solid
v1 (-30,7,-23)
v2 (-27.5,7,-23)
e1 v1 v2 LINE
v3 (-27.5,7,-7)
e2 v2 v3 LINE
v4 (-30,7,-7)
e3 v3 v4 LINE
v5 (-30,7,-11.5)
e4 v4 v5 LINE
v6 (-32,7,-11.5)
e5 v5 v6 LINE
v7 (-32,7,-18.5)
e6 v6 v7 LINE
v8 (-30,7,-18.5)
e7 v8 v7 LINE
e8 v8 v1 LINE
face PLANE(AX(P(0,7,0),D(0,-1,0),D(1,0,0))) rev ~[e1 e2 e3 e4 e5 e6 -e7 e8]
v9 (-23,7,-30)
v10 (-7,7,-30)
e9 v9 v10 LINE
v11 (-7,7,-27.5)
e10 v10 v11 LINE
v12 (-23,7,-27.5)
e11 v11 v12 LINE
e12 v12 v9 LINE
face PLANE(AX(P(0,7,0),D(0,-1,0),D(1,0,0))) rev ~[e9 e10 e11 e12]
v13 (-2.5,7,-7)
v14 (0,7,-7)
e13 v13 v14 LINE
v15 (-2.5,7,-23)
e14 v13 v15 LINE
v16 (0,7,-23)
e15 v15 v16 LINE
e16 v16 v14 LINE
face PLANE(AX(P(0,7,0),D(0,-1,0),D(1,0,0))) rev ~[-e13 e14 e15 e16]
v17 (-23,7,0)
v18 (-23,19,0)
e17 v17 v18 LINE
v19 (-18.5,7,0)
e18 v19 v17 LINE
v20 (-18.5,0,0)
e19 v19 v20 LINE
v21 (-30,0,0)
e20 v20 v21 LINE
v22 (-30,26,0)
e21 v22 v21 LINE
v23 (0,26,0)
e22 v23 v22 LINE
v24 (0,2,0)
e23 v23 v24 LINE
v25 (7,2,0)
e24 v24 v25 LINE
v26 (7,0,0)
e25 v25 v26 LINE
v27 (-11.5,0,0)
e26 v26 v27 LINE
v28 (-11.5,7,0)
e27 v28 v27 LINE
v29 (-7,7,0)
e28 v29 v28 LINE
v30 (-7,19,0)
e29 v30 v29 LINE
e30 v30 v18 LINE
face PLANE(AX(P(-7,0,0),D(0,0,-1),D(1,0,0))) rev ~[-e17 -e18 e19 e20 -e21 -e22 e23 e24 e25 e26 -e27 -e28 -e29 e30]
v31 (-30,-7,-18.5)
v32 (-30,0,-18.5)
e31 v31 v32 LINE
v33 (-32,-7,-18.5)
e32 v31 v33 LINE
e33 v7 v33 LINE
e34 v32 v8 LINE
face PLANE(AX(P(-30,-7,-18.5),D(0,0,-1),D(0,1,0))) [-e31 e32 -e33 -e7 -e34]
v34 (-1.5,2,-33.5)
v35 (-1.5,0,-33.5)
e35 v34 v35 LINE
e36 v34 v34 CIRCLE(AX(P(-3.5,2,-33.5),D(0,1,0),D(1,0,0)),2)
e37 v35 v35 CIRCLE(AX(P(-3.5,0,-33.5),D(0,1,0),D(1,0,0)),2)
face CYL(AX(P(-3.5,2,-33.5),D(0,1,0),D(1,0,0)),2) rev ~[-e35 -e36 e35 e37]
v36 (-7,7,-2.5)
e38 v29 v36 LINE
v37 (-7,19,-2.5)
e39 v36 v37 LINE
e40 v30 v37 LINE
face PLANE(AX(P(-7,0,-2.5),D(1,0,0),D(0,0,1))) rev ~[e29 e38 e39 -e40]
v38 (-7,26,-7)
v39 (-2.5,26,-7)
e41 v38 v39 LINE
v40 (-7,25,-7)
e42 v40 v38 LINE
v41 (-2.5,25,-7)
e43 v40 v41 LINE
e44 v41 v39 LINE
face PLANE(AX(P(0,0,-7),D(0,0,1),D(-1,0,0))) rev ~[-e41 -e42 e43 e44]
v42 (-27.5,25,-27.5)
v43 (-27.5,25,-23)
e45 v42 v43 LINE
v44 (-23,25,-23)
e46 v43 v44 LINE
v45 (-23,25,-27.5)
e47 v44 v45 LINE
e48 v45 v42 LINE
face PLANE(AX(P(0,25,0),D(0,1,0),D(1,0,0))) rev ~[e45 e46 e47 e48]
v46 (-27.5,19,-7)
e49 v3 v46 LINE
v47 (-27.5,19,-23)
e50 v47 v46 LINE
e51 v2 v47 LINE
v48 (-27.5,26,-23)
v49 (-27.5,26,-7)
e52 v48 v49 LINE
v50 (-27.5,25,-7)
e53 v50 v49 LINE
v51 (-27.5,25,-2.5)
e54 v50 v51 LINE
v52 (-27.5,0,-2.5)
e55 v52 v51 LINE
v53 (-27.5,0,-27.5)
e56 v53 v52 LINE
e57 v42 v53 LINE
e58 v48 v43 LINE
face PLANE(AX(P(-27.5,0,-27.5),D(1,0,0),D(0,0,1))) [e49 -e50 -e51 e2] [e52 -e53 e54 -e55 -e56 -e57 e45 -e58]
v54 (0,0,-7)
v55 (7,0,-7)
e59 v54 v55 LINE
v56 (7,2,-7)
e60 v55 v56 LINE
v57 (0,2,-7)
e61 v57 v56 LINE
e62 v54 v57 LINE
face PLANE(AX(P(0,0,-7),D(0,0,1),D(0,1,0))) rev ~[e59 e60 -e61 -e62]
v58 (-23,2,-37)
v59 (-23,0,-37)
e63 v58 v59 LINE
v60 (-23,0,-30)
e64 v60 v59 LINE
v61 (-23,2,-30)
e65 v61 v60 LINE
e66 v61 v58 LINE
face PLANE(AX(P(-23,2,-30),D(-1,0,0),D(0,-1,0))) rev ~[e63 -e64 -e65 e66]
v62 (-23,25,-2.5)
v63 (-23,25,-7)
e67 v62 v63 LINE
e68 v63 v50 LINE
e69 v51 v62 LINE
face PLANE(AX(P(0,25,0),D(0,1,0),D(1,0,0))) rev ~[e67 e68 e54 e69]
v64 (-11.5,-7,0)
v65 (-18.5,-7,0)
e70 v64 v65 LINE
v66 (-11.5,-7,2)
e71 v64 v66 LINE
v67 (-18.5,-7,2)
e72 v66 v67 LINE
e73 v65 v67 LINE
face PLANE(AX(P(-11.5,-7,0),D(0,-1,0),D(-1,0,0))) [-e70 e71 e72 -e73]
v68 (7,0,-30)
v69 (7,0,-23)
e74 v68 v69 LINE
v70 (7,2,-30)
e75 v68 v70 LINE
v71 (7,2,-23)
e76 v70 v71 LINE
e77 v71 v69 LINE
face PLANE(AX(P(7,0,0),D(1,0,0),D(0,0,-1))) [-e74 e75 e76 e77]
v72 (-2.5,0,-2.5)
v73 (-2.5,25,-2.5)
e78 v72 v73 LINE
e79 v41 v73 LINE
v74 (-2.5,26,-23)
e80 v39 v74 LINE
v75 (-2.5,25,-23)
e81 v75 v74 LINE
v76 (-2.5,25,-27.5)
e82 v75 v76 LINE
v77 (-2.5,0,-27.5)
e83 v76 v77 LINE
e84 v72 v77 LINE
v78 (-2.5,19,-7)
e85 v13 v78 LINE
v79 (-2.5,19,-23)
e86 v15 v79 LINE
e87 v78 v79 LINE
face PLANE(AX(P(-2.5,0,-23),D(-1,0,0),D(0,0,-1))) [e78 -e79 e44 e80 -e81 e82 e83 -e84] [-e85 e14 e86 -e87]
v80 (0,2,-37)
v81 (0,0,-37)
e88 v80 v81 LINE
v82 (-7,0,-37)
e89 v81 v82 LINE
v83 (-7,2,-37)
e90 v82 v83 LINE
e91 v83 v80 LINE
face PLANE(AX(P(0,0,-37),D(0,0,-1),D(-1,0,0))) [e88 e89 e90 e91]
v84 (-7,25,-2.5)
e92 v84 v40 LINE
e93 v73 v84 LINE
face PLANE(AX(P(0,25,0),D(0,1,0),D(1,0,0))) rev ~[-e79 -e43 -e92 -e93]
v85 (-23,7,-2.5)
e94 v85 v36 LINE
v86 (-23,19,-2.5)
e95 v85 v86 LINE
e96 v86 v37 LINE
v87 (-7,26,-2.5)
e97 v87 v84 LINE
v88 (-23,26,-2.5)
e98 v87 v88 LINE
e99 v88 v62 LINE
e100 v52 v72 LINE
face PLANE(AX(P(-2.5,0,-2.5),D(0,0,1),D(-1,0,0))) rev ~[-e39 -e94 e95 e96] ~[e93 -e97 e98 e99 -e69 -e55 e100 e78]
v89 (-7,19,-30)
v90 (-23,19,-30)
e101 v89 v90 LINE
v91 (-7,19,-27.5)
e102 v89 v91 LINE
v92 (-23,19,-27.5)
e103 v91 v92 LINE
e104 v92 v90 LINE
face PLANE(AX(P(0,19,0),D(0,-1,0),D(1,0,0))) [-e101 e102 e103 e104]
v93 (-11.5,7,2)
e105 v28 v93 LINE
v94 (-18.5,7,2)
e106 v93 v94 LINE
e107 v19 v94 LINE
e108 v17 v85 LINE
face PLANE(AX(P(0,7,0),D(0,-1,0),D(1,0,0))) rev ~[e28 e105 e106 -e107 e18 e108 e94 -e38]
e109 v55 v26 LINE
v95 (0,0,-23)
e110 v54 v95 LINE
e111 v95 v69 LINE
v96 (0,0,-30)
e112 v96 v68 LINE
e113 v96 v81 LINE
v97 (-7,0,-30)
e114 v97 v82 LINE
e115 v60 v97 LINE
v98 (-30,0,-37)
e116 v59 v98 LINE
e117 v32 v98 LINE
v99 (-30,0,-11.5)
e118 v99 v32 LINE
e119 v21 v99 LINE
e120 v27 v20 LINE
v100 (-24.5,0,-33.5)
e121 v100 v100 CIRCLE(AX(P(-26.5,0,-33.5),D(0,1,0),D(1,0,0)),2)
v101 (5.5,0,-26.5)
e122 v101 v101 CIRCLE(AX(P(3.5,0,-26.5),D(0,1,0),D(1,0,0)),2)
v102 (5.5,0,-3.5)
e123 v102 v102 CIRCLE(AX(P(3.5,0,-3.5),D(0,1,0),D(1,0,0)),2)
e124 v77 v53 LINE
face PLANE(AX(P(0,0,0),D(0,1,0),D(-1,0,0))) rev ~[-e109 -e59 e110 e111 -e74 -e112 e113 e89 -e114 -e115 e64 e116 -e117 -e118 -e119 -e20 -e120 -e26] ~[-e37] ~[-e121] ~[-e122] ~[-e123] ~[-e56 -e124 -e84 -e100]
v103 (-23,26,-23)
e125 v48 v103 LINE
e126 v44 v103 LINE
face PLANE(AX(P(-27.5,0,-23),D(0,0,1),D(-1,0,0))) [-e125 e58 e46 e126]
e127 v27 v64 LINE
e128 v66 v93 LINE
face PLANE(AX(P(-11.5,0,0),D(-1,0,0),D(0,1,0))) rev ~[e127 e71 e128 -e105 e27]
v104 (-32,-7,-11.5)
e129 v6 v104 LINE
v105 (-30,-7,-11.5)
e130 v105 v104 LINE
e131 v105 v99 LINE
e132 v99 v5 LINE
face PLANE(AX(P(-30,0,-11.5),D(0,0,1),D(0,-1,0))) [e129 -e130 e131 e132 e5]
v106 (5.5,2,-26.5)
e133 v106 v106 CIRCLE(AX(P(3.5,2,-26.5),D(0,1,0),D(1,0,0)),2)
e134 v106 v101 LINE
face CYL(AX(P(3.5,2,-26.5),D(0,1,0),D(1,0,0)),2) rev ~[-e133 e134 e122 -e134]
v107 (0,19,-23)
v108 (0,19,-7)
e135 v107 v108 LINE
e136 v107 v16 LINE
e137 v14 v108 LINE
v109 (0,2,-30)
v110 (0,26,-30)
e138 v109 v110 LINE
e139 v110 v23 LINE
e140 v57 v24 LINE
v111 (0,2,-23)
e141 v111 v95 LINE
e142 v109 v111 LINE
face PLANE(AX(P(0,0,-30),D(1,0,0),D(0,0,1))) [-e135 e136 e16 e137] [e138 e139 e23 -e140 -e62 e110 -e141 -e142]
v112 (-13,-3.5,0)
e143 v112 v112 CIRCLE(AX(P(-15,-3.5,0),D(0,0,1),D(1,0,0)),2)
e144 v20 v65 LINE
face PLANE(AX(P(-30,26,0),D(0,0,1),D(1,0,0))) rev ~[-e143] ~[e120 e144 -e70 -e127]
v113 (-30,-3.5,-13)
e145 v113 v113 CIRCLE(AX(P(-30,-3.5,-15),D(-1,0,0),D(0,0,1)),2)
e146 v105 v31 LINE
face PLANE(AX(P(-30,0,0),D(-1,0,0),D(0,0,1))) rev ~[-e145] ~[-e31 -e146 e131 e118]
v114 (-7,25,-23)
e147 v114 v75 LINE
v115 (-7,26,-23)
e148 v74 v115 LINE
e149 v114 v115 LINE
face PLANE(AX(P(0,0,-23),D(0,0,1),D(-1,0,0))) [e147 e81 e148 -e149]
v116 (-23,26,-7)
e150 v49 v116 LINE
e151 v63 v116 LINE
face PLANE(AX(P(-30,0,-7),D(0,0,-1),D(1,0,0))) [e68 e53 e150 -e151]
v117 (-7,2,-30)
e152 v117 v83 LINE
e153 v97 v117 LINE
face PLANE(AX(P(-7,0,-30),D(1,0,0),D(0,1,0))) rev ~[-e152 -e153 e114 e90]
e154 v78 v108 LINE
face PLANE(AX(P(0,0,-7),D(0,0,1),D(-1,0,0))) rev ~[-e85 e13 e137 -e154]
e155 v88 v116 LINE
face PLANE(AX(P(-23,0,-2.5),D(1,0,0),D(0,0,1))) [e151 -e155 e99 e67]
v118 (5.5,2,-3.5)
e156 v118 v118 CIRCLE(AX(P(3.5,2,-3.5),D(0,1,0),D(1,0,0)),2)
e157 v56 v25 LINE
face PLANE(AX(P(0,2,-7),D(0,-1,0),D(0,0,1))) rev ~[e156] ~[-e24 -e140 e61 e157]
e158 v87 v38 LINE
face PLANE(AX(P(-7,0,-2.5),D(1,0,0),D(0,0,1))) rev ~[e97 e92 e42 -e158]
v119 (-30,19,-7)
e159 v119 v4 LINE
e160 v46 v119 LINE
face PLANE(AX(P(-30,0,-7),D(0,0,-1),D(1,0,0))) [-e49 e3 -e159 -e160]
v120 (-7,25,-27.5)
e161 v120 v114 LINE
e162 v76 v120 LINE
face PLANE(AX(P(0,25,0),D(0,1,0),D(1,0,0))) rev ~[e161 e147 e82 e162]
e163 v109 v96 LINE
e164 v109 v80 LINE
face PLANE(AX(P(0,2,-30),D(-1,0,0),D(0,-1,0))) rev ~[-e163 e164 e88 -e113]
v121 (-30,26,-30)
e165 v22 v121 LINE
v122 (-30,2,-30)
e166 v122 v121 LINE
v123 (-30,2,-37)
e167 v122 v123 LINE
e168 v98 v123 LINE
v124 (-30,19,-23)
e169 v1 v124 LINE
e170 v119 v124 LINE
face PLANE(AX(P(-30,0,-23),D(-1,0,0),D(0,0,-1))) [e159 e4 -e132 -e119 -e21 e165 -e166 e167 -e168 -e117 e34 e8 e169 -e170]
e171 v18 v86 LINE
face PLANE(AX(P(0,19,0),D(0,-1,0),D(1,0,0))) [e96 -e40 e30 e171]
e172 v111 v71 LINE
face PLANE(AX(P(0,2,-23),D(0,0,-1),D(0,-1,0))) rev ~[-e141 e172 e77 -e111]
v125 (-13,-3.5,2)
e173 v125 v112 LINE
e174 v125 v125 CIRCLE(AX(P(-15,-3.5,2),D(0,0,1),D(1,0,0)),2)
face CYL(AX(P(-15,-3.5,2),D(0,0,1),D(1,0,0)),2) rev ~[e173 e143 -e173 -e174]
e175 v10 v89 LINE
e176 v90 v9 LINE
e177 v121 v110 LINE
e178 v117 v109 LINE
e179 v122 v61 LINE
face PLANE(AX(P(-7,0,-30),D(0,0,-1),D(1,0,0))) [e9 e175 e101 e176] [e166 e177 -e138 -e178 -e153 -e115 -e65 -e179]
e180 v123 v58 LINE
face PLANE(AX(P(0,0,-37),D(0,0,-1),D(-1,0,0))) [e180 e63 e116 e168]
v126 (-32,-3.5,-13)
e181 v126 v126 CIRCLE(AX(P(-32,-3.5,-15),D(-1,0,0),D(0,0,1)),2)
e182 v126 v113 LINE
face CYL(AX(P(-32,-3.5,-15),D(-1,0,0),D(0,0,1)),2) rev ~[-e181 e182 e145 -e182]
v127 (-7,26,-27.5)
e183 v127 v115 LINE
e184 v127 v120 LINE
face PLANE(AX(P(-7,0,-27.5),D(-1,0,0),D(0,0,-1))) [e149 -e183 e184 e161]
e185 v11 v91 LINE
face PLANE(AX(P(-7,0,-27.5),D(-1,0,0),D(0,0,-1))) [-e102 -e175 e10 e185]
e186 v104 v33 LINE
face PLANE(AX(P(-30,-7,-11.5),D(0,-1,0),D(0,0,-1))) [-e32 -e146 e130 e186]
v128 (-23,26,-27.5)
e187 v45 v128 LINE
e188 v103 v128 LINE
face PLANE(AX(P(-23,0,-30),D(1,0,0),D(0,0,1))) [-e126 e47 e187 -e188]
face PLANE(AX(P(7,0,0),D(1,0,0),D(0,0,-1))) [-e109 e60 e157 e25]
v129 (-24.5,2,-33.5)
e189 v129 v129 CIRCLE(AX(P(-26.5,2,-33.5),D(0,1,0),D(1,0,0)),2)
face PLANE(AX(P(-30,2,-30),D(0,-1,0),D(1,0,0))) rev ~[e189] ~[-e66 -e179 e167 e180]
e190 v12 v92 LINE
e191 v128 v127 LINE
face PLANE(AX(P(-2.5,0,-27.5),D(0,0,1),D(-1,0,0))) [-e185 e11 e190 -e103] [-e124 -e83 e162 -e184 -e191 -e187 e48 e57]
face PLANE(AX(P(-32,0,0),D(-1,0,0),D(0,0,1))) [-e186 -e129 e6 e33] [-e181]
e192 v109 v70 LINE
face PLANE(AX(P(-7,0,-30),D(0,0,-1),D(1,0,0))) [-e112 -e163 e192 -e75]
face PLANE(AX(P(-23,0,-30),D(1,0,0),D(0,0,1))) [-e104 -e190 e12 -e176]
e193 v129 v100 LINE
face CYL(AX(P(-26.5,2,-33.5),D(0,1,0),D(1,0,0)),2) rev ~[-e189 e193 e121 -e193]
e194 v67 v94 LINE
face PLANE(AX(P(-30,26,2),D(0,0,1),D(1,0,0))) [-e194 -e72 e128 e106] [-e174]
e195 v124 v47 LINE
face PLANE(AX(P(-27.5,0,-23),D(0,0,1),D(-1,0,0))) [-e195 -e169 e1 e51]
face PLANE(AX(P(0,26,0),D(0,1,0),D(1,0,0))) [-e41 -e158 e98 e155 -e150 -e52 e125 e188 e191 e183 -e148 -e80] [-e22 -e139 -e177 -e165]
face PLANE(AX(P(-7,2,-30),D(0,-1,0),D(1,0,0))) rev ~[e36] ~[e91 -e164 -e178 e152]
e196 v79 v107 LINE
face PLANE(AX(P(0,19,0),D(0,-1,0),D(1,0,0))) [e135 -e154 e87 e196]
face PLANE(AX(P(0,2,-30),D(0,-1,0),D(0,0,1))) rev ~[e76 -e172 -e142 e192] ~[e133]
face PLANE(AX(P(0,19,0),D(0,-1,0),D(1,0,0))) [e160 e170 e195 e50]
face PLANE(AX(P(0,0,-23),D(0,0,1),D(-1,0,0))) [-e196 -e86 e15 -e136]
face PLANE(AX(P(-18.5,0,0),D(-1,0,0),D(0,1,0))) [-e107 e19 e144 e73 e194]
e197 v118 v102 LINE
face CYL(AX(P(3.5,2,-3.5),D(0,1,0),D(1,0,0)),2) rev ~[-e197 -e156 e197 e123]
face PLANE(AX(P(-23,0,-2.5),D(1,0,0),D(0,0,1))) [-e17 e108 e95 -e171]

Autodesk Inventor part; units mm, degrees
ref_plane "YZ Plane" through (0, 0, 0) normal (1, 0, 0) x (0, 1, 0)
ref_plane "XZ Plane" through (0, 0, 0) normal (0, 1, 0) x (-1, 0, 0)
ref_plane "XY Plane" through (0, 0, 0) normal (0, 0, 1) x (1, 0, 0)
sketch "Sketch1" plane through (0, 0, 0) normal (0, 1, 0) x (-1, 0, 0)
  line L0 (0, 0) -> (0, -7)
  line L1 (0, -7) -> (2.5, -7)
  line L2 (2.5, -7) -> (2.5, -2.5)
  line L3 (2.5, -2.5) -> (7, -2.5)
  line L4 (7, -2.5) -> (7, 0)
  line L5 (7, 0) -> (0, 0)
  line L6 (0, -30) -> (0, -23)
  line L7 (0, -23) -> (2.5, -23)
  line L8 (2.5, -23) -> (2.5, -27.5)
  line L9 (2.5, -27.5) -> (7, -27.5)
  line L10 (7, -27.5) -> (7, -30)
  line L11 (7, -30) -> (0, -30)
  line L12 (23, 0) -> (30, 0)
  line L13 (30, 0) -> (30, -7)
  line L14 (30, -7) -> (27.5, -7)
  line L15 (27.5, -7) -> (27.5, -2.5)
  line L16 (27.5, -2.5) -> (23, -2.5)
  line L17 (23, -2.5) -> (23, 0)
  line L18 (30, -23) -> (30, -30)
  line L19 (30, -30) -> (23, -30)
  line L20 (23, -30) -> (23, -27.5)
  line L21 (23, -27.5) -> (27.5, -27.5)
  line L22 (27.5, -27.5) -> (27.5, -23)
  line L23 (27.5, -23) -> (30, -23)
  dimension "d0" = 7
  dimension "d1" = 2.5
  dimension "d2" = 4.5
  dimension "d3" = 4.5
  dimension "d8" = 7
  dimension "d9" = 4.5
  dimension "d10" = 7
  dimension "d11" = 7
  dimension "d12" = 2.5
  dimension "d13" = 30
  dimension "d14" = 30
  dimension "d15" = 30
  dimension "d16" = 2.5
  dimension "d17" = 2.5
  dimension "d18" = 4.5
  dimension "d19" = 7
extrude "Extrusion1" add sketch "Sketch1" along normal blind 25
sketch "Sketch2" plane through (0, 0, 0) normal (0, -1, 0) x (1, 0, 0)
  line L0 (0, 0) -> (-30, 0)
  line L1 (-30, 0) -> (-30, -30)
  line L2 (-30, -30) -> (0, -30)
  line L3 (0, -30) -> (0, 0)
  line L4 (-27.5, -2.5) -> (-2.5, -2.5)
  line L5 (-2.5, -2.5) -> (-2.5, -27.5)
  line L6 (-2.5, -27.5) -> (-27.5, -27.5)
  line L7 (-27.5, -27.5) -> (-23, -27.5) projected
  line L8 (-27.5, -27.5) -> (-27.5, -2.5)
extrude "Extrusion2" add sketch "Sketch2" against normal blind 7
sketch "Sketch3" plane through (0, 25, 0) normal (0, 1, 0) x (1, 0, 0)
  line L0 (0, 0) -> (-7, 0)
  line L1 (0, 0) -> (-30, 0) projected
  line L2 (-7, 0) -> (-7, 7)
  line L3 (-7, 7) -> (0, 7)
  line L4 (0, 7) -> (0, 0)
  line L5 (0, 30) -> (-7, 30)
  line L6 (-7, 30) -> (-7, 23)
  line L7 (-7, 23) -> (0, 23)
  line L8 (-2.5, 23) -> (0, 23) projected
  line L9 (0, 23) -> (0, 30)
  line L10 (0, 23) -> (0, 30) projected
  line L11 (-30, 30) -> (-30, 23)
  line L12 (-30, 0) -> (-30, 30) projected
  line L13 (-30, 23) -> (-23, 23)
  line L14 (-23, 23) -> (-23, 30)
  line L15 (-23, 30) -> (-30, 30)
  line L16 (-30, 30) -> (0, 30) projected
  line L17 (-30, 0) -> (-23, 0)
  line L18 (-23, 0) -> (-23, 7)
  line L19 (-23, 7) -> (-30, 7)
  line L20 (-27.5, 7) -> (-30, 7) projected
  line L21 (-30, 7) -> (-30, 0)
  dimension "d24" = 7
  dimension "d25" = 7
  dimension "d26" = 7
  dimension "d27" = 7
  dimension "d28" = 7
extrude "Extrusion3" add sketch "Sketch3" along normal blind 1
sketch "Sketch4" plane through (0, 0, 0) normal (1, 0, 0) x (0, 0, -1)
  line L0 (0, 0) -> (7, 0)
  line L1 (27.5, 0) -> (2.5, 0) projected
  line L2 (7, 0) -> (7, 2)
  line L3 (7, 2) -> (0, 2)
  line L4 (0, 2) -> (0, 0)
  line L5 (30, 0) -> (30, 2)
  line L6 (30, 0) -> (30, 26) projected
  line L7 (30, 2) -> (23, 2)
  line L8 (23, 2) -> (23, 0)
  line L9 (0, 0) -> (30, 0) projected
  line L10 (23, 0) -> (30, 0)
  dimension "d31" = 7
  dimension "d32" = 2
  dimension "d33" = 2
  dimension "d34" = 7
sketch "Sketch5" plane through (0, 0, -30) normal (0, 0, -1) x (-1, 0, 0)
  line L0 (0, 0) -> (7, 0)
  line L1 (7, 0) -> (7, 2)
  line L2 (7, 2) -> (0, 2)
  line L3 (0, 2) -> (0, 0)
  line L4 (30, 0) -> (30, 2)
  line L5 (30, 0) -> (30, 26) projected
  line L6 (30, 2) -> (23, 2)
  line L7 (23, 2) -> (23, 0)
  line L8 (23, 0) -> (30, 0)
  line L9 (30, 0) -> (0, 0) projected
  dimension "d35" = 7
  dimension "d36" = 2
  dimension "d37" = 2
  dimension "d38" = 7
extrude "Extrusion4" add sketch "Sketch4" along normal blind 7
extrude "Extrusion5" add sketch "Sketch5" along normal blind 7
sketch "Sketch6" plane through (0, 2, 0) normal (0, 1, 0) x (1, 0, 0)
  circle A0 centre (3.5, 3.5) radius 2
  line L0 (7, 7) -> (7, 0) projected
  line L1 (0, 0) -> (7, 0) projected
  point P0 (7, 3.5)
  point P1 (3.5, 0)
  dimension "d43" = 4
sketch "Sketch7" plane through (0, 2, -23) normal (0, 1, 0) x (1, 0, 0)
  circle A0 centre (3.5, 3.5) radius 2
  line L0 (7, 7) -> (7, 0) projected
  line L1 (0, 0) -> (7, 0) projected
  point P0 (0, -23)
  point P1 (7, 3.5)
  point P2 (3.5, 0)
  dimension "d44" = 4
sketch "Sketch8" plane through (-7, 2, -30) normal (0, 1, 0) x (1, 0, 0)
  circle A0 centre (3.5, 3.5) radius 2
  circle A1 centre (-19.5, 3.5) radius 2
  line L0 (7, 0) -> (7, 7) projected
  line L1 (7, 0) -> (0, 0) projected
  line L2 (-23, 0) -> (-23, 7) projected
  line L3 (-23, 7) -> (-16, 7) projected
  point P0 (7, -30)
  point P1 (7, 3.5)
  point P2 (3.5, 0)
  point P3 (-23, 3.5)
  point P4 (-19.5, 7)
  dimension "d45" = 4
  dimension "d46" = 4
extrude "Extrusion6" cut sketch "Sketch6" against normal blind 2
extrude "Extrusion7" cut sketch "Sketch7" against normal blind 2
extrude "Extrusion8" cut sketch "Sketch8" against normal blind 2
sketch "Sketch9" plane through (0, 25, 0) normal (0, -1, 0) x (1, 0, 0)
  line L0 (0, -30) -> (0, 0)
  line L1 (0, 0) -> (-30, 0)
  line L2 (-30, 0) -> (-30, -30)
  line L3 (-30, 0) -> (-30, -37) projected
  line L4 (-2.5, -2.5) -> (-2.5, -27.5)
  line L5 (-2.5, -27.5) -> (-27.5, -27.5)
  line L6 (-27.5, -27.5) -> (-23, -27.5) projected
  line L7 (-27.5, -27.5) -> (-27.5, -2.5)
  line L8 (-27.5, -2.5) -> (-2.5, -2.5)
  line L9 (-2.5, -2.5) -> (-7, -2.5) projected
  line L10 (0, -30) -> (-30, -30)
extrude "Extrusion9" add sketch "Sketch9" along normal blind 6 and the other way blind 1
sketch "Sketch10" plane through (-30, 0, 0) normal (-1, 0, 0) x (0, 0, 1)
  line L0 (0, 0) -> (-11.5, 0)
  line L1 (0, 0) -> (-37, 0) projected
  line L2 (-11.5, 0) -> (-18.5, 0)
  line L3 (-27.5, 0) -> (-2.5, 0) projected
  line L4 (-18.5, 0) -> (-30, 0)
  line L5 (-18.5, 0) -> (-18.5, 7)
  line L6 (-7, 7) -> (-23, 7) projected
  line L7 (-11.5, 0) -> (-11.5, 7)
  line L8 (-18.5, 7) -> (-11.5, 7)
  line L9 (-11.5, 0) -> (-11.5, -7)
  line L10 (-11.5, -7) -> (-18.5, -7)
  line L11 (-18.5, -7) -> (-18.5, 0)
  dimension "d57" = 11.5
  dimension "d58" = 7
  dimension "d59" = 7
extrude "Extrusion10" add sketch "Sketch10" along normal blind 2
sketch "Sketch11" plane through (-30, 26, 0) normal (0, 0, 1) x (1, 0, 0)
  line L0 (0, -26) -> (11.5, -26)
  line L1 (2.5, -26) -> (27.5, -26) projected
  line L2 (11.5, -26) -> (18.5, -26)
  line L3 (18.5, -26) -> (18.5, -33)
  line L4 (18.5, -33) -> (11.5, -33)
  line L5 (11.5, -33) -> (11.5, -26)
  line L6 (23, -19) -> (7, -19) projected
  line L7 (11.5, -19) -> (18.5, -19)
  line L8 (18.5, -26) -> (18.5, -19)
  line L9 (11.5, -26) -> (11.5, -19)
  point P0 (30, -26)
  dimension "d62" = 11.5
  dimension "d63" = 7
  dimension "d64" = 7
extrude "Extrusion11" add sketch "Sketch11" along normal blind 2
sketch "Sketch12" plane through (-32, 0, 0) normal (-1, 0, 0) x (0, 0, 1)
  circle A0 centre (-15, -3.5) radius 2
  line L0 (-18.5, -7) -> (-11.5, -7) projected
  line L1 (-11.5, -7) -> (-11.5, 0) projected
  point P0 (0, 0)
  point P1 (-15, -7)
  point P2 (-11.5, -3.5)
  dimension "d67" = 4
sketch "Sketch13" plane through (-30, 26, 2) normal (0, 0, 1) x (1, 0, 0)
  circle A0 centre (15, -29.5) radius 2
  line L0 (11.5, -26) -> (11.5, -33) projected
  line L1 (11.5, -33) -> (18.5, -33) projected
  point P0 (30, -26)
  point P1 (11.5, -29.5)
  point P2 (15, -33)
  dimension "d68" = 4
extrude "Extrusion12" cut sketch "Sketch12" against normal blind 2
extrude "Extrusion13" cut sketch "Sketch13" against normal blind 2
properties part number "ygolki" material "Bronze, Soft Tin"
